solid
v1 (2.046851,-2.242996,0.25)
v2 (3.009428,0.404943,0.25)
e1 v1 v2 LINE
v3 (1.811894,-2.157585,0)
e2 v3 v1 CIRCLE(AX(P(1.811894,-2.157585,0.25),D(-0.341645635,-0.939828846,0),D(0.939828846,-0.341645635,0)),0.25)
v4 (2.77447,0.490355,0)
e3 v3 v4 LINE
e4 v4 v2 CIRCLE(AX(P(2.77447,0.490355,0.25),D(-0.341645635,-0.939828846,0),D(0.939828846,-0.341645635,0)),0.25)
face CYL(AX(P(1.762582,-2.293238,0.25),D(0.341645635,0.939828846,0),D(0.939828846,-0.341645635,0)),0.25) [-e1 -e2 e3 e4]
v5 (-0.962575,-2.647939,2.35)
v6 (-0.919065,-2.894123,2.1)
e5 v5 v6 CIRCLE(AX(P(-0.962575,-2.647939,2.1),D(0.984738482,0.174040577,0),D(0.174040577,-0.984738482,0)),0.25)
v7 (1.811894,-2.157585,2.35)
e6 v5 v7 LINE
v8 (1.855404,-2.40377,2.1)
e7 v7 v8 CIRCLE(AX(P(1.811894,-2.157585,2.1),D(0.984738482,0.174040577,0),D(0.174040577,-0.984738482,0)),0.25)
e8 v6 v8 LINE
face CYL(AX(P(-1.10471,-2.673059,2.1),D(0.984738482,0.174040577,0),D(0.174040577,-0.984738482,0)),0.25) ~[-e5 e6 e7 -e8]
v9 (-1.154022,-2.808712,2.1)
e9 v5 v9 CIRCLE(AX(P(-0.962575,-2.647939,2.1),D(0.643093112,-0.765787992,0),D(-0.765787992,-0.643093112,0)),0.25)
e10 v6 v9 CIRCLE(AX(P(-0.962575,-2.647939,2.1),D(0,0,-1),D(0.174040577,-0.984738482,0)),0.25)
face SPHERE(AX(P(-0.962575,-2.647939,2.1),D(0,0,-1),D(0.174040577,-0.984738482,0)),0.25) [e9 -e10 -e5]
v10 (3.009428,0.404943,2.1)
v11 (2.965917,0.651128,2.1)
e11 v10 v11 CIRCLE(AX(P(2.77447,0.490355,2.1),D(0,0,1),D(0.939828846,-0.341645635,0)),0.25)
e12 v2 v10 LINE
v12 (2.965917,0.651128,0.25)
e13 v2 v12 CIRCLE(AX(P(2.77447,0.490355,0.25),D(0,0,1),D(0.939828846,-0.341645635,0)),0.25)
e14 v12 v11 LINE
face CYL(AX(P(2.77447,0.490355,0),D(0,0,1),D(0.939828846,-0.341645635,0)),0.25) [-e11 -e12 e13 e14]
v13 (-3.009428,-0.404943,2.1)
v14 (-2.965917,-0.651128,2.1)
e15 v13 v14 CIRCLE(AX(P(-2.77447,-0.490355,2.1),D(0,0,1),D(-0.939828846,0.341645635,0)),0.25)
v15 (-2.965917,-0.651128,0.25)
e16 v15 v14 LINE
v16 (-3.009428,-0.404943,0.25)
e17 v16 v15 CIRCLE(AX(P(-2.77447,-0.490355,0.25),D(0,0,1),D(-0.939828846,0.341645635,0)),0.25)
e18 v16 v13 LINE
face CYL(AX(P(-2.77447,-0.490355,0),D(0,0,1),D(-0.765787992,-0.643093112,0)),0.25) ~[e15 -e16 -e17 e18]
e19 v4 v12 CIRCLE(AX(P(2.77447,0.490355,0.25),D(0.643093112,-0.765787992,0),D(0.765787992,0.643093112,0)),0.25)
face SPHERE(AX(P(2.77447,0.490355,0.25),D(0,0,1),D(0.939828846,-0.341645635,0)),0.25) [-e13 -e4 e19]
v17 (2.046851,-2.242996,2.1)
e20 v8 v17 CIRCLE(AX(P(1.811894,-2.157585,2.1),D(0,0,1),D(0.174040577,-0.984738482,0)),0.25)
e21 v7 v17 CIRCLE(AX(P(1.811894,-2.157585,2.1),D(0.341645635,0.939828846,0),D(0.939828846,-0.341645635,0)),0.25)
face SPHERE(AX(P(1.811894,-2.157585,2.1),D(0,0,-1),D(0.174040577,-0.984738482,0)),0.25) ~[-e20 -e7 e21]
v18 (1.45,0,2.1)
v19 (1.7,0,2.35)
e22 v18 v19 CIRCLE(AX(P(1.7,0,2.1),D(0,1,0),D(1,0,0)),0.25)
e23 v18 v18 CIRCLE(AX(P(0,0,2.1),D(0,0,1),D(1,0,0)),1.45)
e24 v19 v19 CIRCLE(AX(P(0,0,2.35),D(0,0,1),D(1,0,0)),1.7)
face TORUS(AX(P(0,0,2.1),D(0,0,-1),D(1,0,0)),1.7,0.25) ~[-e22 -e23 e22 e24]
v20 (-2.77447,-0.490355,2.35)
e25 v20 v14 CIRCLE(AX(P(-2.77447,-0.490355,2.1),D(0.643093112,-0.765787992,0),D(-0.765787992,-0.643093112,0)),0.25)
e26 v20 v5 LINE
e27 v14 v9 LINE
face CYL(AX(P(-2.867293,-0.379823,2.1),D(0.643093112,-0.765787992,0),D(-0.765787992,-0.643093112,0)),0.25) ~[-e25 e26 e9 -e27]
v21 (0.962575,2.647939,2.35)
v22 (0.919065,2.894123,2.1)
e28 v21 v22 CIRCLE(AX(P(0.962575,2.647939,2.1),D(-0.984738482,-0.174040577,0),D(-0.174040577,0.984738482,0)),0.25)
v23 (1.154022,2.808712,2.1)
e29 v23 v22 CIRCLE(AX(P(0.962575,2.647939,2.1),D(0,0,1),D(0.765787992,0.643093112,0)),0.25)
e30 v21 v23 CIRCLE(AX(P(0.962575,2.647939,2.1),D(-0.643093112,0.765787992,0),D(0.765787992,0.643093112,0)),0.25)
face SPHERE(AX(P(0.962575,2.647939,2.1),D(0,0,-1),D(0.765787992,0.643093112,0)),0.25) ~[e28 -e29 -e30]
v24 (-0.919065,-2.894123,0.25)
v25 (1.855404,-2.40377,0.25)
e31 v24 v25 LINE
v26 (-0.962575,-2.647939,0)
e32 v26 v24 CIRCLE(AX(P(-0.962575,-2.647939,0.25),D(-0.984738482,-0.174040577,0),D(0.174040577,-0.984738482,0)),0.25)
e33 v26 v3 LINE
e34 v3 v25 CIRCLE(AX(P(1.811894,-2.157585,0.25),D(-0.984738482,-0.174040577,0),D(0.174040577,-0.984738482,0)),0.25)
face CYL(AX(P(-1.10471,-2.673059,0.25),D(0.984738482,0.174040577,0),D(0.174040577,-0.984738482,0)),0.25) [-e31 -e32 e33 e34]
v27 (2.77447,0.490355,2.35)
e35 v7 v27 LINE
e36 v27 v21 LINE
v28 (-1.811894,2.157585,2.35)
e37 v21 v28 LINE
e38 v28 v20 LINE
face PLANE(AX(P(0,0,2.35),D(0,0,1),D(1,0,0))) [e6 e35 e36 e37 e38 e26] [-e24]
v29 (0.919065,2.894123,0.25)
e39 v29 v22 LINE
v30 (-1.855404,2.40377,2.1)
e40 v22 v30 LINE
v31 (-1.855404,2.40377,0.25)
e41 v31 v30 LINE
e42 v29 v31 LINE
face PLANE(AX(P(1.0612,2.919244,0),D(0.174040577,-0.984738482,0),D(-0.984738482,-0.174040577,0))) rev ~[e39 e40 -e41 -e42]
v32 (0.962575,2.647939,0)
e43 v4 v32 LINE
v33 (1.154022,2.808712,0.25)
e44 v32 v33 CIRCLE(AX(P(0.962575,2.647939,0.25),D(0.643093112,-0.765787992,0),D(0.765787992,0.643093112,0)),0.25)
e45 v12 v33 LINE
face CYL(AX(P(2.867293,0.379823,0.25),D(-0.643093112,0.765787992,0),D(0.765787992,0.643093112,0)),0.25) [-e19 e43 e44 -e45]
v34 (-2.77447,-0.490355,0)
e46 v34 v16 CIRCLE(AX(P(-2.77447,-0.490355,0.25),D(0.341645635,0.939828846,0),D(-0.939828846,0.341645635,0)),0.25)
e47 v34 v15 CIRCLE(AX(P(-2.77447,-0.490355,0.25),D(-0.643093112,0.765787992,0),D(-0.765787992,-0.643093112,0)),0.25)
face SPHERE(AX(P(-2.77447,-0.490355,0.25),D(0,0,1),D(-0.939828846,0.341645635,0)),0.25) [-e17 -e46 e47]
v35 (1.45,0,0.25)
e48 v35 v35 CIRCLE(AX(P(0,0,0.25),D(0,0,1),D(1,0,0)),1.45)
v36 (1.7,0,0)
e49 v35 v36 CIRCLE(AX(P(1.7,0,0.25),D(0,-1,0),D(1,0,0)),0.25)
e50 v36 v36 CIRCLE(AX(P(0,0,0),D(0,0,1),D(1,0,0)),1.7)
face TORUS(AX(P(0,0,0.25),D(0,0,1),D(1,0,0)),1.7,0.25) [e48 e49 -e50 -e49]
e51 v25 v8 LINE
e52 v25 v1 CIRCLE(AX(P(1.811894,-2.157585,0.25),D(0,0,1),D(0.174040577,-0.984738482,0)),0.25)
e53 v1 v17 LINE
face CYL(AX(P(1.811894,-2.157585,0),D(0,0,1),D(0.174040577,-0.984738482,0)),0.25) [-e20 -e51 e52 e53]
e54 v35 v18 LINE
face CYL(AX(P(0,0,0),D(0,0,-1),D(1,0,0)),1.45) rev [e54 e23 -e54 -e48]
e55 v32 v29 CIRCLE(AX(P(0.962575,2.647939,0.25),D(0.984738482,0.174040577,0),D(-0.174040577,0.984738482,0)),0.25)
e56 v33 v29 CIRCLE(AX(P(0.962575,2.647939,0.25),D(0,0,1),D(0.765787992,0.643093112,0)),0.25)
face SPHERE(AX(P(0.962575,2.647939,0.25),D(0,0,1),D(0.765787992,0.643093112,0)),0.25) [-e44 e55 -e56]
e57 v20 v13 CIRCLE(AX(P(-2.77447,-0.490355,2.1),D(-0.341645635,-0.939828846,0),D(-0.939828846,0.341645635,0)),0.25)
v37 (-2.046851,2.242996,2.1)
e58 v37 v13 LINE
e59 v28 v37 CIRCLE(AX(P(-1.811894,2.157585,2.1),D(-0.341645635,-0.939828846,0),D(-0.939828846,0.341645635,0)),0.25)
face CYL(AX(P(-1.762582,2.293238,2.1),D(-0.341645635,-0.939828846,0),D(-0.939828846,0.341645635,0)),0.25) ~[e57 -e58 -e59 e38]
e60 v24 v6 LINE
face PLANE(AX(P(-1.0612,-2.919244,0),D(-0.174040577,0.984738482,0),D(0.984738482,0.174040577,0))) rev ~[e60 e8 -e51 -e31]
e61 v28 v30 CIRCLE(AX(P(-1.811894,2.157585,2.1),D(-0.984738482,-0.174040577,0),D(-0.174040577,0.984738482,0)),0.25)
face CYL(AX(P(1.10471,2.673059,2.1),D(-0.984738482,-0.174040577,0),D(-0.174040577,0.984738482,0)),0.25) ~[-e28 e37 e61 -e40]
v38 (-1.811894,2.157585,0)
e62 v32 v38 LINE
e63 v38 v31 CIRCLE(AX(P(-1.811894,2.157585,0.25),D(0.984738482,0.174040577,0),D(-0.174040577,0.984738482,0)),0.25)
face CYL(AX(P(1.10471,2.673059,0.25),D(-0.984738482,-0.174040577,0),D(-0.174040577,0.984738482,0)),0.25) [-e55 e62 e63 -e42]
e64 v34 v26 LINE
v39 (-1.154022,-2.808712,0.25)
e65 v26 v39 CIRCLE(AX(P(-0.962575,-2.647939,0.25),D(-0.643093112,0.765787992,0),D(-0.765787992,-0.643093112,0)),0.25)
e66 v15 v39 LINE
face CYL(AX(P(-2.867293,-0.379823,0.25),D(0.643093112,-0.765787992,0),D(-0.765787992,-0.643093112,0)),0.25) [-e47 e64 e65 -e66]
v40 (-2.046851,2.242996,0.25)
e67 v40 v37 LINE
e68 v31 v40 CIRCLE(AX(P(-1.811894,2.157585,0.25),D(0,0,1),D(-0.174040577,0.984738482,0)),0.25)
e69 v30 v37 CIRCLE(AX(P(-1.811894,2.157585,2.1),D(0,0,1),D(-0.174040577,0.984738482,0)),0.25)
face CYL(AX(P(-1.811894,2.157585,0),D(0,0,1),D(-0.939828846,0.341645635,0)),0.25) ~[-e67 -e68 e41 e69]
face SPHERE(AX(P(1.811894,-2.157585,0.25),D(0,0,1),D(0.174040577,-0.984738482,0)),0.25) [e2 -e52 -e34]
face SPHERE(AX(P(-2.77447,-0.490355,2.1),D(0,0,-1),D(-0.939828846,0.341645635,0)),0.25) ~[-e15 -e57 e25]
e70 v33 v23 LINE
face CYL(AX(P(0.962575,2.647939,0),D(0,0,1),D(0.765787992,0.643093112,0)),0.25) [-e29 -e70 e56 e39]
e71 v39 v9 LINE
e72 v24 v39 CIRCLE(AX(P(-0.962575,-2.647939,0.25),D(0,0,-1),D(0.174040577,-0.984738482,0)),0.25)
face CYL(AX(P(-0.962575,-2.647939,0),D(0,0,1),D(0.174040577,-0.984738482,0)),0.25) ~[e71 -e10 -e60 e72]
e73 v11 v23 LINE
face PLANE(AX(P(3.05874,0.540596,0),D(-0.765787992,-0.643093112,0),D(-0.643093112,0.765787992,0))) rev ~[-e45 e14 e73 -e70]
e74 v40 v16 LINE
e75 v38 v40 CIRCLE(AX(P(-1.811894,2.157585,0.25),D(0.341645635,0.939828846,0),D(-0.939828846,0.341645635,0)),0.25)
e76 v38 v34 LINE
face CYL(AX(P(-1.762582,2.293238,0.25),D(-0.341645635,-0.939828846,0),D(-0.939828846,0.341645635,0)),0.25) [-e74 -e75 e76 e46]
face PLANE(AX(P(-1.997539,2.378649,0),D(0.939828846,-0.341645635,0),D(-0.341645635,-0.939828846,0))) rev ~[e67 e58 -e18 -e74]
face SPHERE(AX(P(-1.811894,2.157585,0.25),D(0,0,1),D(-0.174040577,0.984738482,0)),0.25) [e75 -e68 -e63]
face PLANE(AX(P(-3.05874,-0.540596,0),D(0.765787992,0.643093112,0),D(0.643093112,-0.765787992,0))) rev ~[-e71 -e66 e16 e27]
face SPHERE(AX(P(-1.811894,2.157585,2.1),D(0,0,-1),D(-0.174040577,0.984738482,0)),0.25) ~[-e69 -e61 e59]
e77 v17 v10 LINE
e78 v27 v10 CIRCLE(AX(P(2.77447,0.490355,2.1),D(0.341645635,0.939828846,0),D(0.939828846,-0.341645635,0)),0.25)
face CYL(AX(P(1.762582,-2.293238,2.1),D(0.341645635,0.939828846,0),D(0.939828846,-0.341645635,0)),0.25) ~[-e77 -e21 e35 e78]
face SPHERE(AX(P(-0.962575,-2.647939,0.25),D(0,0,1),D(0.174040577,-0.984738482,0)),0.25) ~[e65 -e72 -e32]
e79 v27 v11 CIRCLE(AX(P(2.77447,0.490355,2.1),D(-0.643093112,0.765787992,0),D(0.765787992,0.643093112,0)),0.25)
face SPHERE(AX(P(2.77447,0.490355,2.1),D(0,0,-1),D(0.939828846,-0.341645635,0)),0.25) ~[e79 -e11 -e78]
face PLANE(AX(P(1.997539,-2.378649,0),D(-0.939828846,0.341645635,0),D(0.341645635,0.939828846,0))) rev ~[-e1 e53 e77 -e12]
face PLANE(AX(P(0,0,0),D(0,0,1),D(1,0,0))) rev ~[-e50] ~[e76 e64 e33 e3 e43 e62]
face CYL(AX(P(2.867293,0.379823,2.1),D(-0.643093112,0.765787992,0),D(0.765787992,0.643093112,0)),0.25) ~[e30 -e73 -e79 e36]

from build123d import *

# Parameters (mm, degrees)
F0_R     = 1.45
F1_DEPTH = 2.35
F2_R     = 0.25


with BuildPart() as f1:
    # F0 (on Top) → F1 (new body)
    with BuildSketch(Plane.XY):
        Polygon((-1.0612, -2.919244), (1.997539, -2.378649), (3.05874, 0.540596), (1.0612, 2.919244), (-1.997539, 2.378649), (-3.05874, -0.540596), align=None)
        Circle(F0_R, mode=Mode.SUBTRACT)
    extrude(amount=F1_DEPTH)

    # F2
    f2_edges = [f1.edges().sort_by_distance(p)[0] for p in [
        (0.46817, -2.648946, 2.35),
        (2.52814, -0.919027, 2.35),
        (2.05997, 1.72992, 2.35),
        (-0.46817, 2.648946, 2.35),
        (-2.52814, 0.919027, 2.35),
        (-2.05997, -1.72992, 2.35),
        (-1.45, 0, 2.35),
        (0.46817, -2.648946, 0),
        (2.52814, -0.919027, 0),
        (2.05997, 1.72992, 0),
        (-0.46817, 2.648946, 0),
        (-2.52814, 0.919027, 0),
        (-2.05997, -1.72992, 0),
        (-1.45, 0, 0),
        (-1.997539, 2.378649, 1.175),
        (-3.05874, -0.540596, 1.175),
        (-1.0612, -2.919244, 1.175),
        (1.0612, 2.919244, 1.175),
        (3.05874, 0.540596, 1.175),
        (1.997539, -2.378649, 1.175),
    ]]
    fillet(f2_edges, radius=F2_R)


solid = f1.part
